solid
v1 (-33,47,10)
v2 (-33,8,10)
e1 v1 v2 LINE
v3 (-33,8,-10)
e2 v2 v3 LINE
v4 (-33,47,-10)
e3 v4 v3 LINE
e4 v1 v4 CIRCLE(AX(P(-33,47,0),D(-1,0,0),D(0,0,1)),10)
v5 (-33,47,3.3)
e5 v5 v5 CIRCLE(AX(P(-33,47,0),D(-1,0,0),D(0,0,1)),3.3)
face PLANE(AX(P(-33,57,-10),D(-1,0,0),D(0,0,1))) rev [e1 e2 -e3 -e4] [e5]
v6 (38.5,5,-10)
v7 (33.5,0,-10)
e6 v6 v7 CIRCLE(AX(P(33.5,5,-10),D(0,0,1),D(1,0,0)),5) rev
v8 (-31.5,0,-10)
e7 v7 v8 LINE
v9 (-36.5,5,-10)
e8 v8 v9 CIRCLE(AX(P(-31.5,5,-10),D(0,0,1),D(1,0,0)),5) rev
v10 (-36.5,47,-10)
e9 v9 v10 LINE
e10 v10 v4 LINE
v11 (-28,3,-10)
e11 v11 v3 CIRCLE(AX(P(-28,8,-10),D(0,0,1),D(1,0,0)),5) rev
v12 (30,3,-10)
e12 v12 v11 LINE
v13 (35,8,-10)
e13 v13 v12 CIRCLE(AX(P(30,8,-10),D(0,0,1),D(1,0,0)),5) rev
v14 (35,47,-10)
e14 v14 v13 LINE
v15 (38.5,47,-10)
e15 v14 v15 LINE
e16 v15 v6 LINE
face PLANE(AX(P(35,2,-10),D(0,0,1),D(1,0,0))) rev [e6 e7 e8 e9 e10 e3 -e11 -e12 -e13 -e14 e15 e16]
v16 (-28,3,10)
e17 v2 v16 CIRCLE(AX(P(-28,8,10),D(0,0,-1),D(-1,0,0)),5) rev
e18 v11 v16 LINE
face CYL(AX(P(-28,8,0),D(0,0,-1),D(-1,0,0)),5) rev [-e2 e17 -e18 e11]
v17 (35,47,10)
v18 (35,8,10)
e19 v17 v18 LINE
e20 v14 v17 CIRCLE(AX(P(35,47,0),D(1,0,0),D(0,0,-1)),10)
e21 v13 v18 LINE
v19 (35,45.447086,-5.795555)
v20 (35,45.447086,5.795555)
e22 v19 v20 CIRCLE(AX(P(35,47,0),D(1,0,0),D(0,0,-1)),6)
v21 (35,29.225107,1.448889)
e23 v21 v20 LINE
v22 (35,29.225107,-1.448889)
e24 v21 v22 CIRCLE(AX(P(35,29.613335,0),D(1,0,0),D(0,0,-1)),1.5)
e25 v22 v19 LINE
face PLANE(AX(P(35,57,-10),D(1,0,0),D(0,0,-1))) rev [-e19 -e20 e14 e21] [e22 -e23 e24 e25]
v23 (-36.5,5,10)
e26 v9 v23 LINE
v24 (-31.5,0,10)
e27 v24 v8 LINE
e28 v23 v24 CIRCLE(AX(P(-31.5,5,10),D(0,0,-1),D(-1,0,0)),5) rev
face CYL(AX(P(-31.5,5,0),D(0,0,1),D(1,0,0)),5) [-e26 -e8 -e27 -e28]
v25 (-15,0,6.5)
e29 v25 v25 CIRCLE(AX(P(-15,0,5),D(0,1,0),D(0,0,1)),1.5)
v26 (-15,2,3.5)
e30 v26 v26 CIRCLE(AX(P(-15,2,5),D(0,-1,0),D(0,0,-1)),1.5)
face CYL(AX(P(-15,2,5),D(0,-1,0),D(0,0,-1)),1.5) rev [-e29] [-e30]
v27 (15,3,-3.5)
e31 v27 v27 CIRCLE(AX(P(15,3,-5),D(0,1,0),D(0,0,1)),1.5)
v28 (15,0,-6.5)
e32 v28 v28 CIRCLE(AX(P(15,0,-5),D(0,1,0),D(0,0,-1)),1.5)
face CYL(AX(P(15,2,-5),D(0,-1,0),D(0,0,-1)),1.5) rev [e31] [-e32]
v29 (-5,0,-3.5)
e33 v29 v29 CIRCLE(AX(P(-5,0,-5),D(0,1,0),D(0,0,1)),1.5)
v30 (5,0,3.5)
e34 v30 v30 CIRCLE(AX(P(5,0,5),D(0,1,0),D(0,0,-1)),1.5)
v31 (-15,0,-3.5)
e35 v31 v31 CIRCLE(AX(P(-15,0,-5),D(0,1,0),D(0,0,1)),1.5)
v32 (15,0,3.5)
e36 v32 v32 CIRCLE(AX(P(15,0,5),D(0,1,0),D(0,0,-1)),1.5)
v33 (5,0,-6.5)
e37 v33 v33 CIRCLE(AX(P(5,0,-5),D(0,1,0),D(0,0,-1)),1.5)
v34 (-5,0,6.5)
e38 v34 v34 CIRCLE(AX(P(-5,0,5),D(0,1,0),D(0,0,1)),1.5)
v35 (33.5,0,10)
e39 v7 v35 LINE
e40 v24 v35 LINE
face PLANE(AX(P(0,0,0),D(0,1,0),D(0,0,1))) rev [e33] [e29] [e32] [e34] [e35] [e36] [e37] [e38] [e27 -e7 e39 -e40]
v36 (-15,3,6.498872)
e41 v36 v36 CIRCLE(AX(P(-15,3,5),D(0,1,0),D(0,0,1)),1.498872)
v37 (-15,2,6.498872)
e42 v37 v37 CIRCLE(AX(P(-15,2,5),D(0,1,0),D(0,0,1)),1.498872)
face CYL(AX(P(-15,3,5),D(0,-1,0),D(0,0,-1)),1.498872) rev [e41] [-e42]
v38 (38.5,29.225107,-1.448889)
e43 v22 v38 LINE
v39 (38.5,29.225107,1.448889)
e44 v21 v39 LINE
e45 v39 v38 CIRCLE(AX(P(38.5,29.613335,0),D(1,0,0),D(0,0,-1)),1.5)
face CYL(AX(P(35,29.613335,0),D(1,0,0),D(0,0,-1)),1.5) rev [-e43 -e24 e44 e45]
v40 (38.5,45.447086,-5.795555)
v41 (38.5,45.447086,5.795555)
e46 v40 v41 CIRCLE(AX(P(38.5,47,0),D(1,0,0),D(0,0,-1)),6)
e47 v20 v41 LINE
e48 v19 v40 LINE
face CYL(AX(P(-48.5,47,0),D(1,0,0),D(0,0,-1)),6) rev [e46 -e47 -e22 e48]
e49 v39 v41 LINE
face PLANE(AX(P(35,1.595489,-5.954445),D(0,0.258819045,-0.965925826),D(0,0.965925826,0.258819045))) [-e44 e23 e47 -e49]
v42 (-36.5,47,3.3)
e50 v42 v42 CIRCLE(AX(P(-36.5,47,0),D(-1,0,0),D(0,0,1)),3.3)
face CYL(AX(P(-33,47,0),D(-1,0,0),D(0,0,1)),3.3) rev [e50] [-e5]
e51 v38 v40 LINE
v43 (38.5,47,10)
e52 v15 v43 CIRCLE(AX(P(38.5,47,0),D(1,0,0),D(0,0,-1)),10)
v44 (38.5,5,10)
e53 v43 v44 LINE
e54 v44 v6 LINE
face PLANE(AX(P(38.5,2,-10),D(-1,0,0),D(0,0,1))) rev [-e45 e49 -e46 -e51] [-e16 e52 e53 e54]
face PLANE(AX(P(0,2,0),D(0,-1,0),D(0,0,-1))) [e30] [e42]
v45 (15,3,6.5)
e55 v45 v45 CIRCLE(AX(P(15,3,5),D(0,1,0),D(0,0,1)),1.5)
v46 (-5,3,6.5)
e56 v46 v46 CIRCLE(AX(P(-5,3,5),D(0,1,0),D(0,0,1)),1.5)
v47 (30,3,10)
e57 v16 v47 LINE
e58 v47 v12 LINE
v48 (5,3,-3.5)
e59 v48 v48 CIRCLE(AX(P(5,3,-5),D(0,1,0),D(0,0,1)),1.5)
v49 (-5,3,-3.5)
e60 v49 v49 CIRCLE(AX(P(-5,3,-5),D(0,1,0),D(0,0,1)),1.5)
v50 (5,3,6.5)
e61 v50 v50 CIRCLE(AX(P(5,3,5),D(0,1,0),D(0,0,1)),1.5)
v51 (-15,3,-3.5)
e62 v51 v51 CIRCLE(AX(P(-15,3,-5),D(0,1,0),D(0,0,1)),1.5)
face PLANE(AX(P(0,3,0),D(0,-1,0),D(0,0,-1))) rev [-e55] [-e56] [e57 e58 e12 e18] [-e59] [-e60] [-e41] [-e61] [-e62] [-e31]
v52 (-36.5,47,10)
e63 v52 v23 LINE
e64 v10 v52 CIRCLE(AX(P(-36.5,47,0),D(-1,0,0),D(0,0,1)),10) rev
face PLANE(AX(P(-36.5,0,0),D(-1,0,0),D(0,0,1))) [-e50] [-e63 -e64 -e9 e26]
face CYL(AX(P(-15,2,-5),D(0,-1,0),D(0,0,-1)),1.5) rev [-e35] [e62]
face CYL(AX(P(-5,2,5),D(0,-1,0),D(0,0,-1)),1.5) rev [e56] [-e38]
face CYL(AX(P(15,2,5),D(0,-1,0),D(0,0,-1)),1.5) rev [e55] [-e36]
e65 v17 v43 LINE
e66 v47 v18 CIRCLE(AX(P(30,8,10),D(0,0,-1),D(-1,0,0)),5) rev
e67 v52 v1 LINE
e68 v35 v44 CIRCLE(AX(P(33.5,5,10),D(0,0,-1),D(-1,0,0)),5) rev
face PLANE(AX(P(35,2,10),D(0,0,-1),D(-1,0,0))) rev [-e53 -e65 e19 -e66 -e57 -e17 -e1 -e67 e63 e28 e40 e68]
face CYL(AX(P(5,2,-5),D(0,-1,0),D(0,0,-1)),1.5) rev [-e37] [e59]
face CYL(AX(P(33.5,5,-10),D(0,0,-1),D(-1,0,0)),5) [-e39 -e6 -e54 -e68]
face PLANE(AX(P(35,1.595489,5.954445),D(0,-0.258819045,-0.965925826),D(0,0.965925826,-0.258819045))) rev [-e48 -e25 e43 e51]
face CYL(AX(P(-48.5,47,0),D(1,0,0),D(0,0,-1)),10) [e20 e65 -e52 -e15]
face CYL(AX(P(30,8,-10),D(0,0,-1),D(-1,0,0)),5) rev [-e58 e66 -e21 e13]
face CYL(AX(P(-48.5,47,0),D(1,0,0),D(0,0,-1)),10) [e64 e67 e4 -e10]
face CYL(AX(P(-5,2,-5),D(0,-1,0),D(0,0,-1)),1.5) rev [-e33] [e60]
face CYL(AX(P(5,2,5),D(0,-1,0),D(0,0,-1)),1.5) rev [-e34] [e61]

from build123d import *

# Parameters (mm, degrees)
SKETCH_2_R          = 1.5
EXTRUDE_1_DEPTH     = 2
SKETCH_3_W          = 2
SKETCH_3_H          = 20
SKETCH_3_W_2        = 3.5
EXTRUDE_2_DEPTH     = 55
SKETCH_9_R          = 6
CUT_EXTRUDE_1_DEPTH = 87
SKETCH_7_R          = 6
SKETCH_7_R_2        = 3.3
EXTRUDE_3_DEPTH     = 2
SKETCH_10_R         = 3.3
EXTRUDE_4_DEPTH     = 1.5
SKETCH_11_W         = 68
SKETCH_11_H         = 20
SKETCH_11_R         = 1.5
SKETCH_11_R_2       = 1.498871695
EXTRUDE_5_DEPTH     = 1
FILLET_6_R          = 5
FILLET_7_R          = 5
FILLET_8_R          = 5
CUT_EXTRUDE_2_DEPTH = 3.5


with BuildPart() as part:
    # 스케치2 → 보스-돌출1 (new body)
    with BuildSketch(Plane(origin=(0, 0, 0), x_dir=(1, 0, 0), z_dir=(0, 1, 0))):
        Polygon((35, -10), (-35, -10), (-35, 10), (35, 10), (38.5, 10), (38.5, -10), align=None)
        with Locations((-15, 5)):
            Circle(SKETCH_2_R, mode=Mode.SUBTRACT)
        with Locations((-5, 5)):
            Circle(SKETCH_2_R, mode=Mode.SUBTRACT)
        with Locations((-15, -5)):
            Circle(SKETCH_2_R, mode=Mode.SUBTRACT)
        with Locations((-5, -5)):
            Circle(SKETCH_2_R, mode=Mode.SUBTRACT)
        with Locations((15, -5)):
            Circle(SKETCH_2_R, mode=Mode.SUBTRACT)
        with Locations((5, -5)):
            Circle(SKETCH_2_R, mode=Mode.SUBTRACT)
        with Locations((5, 5)):
            Circle(SKETCH_2_R, mode=Mode.SUBTRACT)
        with Locations((15, 5)):
            Circle(SKETCH_2_R, mode=Mode.SUBTRACT)
    extrude(amount=EXTRUDE_1_DEPTH)

    # 스케치3 → 보스-돌출2 (add)
    with BuildSketch(Plane(origin=(0, 2, 0), x_dir=(1, 0, 0), z_dir=(0, 1, 0))):
        with Locations((-34, 0)):
            Rectangle(SKETCH_3_W, SKETCH_3_H)
        with Locations((36.75, 0)):
            Rectangle(SKETCH_3_W_2, SKETCH_3_H)
    extrude(amount=EXTRUDE_2_DEPTH)

    # 스케치9 → 컷-돌출1 (cut)
    with BuildSketch(Plane(origin=(38.5, 0, 0), x_dir=(0, 0, -1), z_dir=(1, 0, 0))):
        with BuildLine():
            Line((10, 57), (0, 57))
            ThreePointArc((0, 57), (7.071067812, 54.071067812), (10, 47))
            Line((10, 47), (10, 57))
        make_face()
        with BuildLine():
            Line((-10, 57), (-10, 47))
            ThreePointArc((-10, 47), (-7.071067812, 54.071067812), (0, 57))
            Line((0, 57), (-10, 57))
        make_face()
        with Locations((0, 47)):
            Circle(SKETCH_9_R)
    extrude(amount=-CUT_EXTRUDE_1_DEPTH, mode=Mode.SUBTRACT)

    # 스케치7 → 보스-돌출3 (add)
    with BuildSketch(Plane.ZY.offset(35)):
        with Locations((0, 47)):
            Circle(SKETCH_7_R)
        with Locations((0, 47)):
            Circle(SKETCH_7_R_2, mode=Mode.SUBTRACT)
    extrude(amount=-EXTRUDE_3_DEPTH)

    # 스케치10 → 보스-돌출4 (add)
    with BuildSketch(Plane.ZY.offset(35)):
        with BuildLine():
            ThreePointArc((-10, 47), (0, 57), (10, 47))
            Line((10, 47), (10, 0))
            Line((10, 0), (-10, 0))
            Line((-10, 0), (-10, 47))
        make_face()
        with Locations((0, 47)):
            Circle(SKETCH_10_R, mode=Mode.SUBTRACT)
    extrude(amount=EXTRUDE_4_DEPTH)

    # 스케치11 → 보스-돌출5 (add)
    with BuildSketch(Plane(origin=(0, 2, 0), x_dir=(1, 0, 0), z_dir=(0, 1, 0))):
        with Locations((1, 0)):
            Rectangle(SKETCH_11_W, SKETCH_11_H)
        with Locations((-15, 5)):
            Circle(SKETCH_11_R, mode=Mode.SUBTRACT)
        with Locations((-5, 5)):
            Circle(SKETCH_11_R, mode=Mode.SUBTRACT)
        with Locations((5, 5)):
            Circle(SKETCH_11_R, mode=Mode.SUBTRACT)
        with Locations((15, 5)):
            Circle(SKETCH_11_R, mode=Mode.SUBTRACT)
        with Locations((15, -5)):
            Circle(SKETCH_11_R, mode=Mode.SUBTRACT)
        with Locations((5, -5)):
            Circle(SKETCH_11_R, mode=Mode.SUBTRACT)
        with Locations((-5, -5)):
            Circle(SKETCH_11_R, mode=Mode.SUBTRACT)
        with Locations((-15, -5)):
            Circle(SKETCH_11_R_2, mode=Mode.SUBTRACT)
    extrude(amount=EXTRUDE_5_DEPTH)

    # 필렛6
    fillet_6_edges = [part.edges().sort_by_distance(p)[0] for p in [
        (-33, 3, 0),
    ]]
    fillet(fillet_6_edges, radius=FILLET_6_R)

    # 필렛7
    fillet_7_edges = [part.edges().sort_by_distance(p)[0] for p in [
        (35, 3, 0),
    ]]
    fillet(fillet_7_edges, radius=FILLET_7_R)

    # 필렛8
    fillet_8_edges = [part.edges().sort_by_distance(p)[0] for p in [
        (-36.5, 0, 0),
        (38.5, 0, 0),
    ]]
    fillet(fillet_8_edges, radius=FILLET_8_R)

    # 스케치12 → 컷-돌출2 (cut)
    with BuildSketch(Plane(origin=(38.5, 0, 0), x_dir=(0, 0, -1), z_dir=(1, 0, 0))):
        with BuildLine():
            ThreePointArc((-1.448888739, 29.225106559), (0, 28.113335127), (1.448888739, 29.225106559))
            Line((1.448888739, 29.225106559), (5.795554958, 45.447085729))
            ThreePointArc((5.795554958, 45.447085729), (0, 41), (-5.795554958, 45.447085729))
            Line((-5.795554958, 45.447085729), (-1.448888739, 29.225106559))
        make_face()
    extrude(amount=-CUT_EXTRUDE_2_DEPTH, mode=Mode.SUBTRACT)


solid = part.part
